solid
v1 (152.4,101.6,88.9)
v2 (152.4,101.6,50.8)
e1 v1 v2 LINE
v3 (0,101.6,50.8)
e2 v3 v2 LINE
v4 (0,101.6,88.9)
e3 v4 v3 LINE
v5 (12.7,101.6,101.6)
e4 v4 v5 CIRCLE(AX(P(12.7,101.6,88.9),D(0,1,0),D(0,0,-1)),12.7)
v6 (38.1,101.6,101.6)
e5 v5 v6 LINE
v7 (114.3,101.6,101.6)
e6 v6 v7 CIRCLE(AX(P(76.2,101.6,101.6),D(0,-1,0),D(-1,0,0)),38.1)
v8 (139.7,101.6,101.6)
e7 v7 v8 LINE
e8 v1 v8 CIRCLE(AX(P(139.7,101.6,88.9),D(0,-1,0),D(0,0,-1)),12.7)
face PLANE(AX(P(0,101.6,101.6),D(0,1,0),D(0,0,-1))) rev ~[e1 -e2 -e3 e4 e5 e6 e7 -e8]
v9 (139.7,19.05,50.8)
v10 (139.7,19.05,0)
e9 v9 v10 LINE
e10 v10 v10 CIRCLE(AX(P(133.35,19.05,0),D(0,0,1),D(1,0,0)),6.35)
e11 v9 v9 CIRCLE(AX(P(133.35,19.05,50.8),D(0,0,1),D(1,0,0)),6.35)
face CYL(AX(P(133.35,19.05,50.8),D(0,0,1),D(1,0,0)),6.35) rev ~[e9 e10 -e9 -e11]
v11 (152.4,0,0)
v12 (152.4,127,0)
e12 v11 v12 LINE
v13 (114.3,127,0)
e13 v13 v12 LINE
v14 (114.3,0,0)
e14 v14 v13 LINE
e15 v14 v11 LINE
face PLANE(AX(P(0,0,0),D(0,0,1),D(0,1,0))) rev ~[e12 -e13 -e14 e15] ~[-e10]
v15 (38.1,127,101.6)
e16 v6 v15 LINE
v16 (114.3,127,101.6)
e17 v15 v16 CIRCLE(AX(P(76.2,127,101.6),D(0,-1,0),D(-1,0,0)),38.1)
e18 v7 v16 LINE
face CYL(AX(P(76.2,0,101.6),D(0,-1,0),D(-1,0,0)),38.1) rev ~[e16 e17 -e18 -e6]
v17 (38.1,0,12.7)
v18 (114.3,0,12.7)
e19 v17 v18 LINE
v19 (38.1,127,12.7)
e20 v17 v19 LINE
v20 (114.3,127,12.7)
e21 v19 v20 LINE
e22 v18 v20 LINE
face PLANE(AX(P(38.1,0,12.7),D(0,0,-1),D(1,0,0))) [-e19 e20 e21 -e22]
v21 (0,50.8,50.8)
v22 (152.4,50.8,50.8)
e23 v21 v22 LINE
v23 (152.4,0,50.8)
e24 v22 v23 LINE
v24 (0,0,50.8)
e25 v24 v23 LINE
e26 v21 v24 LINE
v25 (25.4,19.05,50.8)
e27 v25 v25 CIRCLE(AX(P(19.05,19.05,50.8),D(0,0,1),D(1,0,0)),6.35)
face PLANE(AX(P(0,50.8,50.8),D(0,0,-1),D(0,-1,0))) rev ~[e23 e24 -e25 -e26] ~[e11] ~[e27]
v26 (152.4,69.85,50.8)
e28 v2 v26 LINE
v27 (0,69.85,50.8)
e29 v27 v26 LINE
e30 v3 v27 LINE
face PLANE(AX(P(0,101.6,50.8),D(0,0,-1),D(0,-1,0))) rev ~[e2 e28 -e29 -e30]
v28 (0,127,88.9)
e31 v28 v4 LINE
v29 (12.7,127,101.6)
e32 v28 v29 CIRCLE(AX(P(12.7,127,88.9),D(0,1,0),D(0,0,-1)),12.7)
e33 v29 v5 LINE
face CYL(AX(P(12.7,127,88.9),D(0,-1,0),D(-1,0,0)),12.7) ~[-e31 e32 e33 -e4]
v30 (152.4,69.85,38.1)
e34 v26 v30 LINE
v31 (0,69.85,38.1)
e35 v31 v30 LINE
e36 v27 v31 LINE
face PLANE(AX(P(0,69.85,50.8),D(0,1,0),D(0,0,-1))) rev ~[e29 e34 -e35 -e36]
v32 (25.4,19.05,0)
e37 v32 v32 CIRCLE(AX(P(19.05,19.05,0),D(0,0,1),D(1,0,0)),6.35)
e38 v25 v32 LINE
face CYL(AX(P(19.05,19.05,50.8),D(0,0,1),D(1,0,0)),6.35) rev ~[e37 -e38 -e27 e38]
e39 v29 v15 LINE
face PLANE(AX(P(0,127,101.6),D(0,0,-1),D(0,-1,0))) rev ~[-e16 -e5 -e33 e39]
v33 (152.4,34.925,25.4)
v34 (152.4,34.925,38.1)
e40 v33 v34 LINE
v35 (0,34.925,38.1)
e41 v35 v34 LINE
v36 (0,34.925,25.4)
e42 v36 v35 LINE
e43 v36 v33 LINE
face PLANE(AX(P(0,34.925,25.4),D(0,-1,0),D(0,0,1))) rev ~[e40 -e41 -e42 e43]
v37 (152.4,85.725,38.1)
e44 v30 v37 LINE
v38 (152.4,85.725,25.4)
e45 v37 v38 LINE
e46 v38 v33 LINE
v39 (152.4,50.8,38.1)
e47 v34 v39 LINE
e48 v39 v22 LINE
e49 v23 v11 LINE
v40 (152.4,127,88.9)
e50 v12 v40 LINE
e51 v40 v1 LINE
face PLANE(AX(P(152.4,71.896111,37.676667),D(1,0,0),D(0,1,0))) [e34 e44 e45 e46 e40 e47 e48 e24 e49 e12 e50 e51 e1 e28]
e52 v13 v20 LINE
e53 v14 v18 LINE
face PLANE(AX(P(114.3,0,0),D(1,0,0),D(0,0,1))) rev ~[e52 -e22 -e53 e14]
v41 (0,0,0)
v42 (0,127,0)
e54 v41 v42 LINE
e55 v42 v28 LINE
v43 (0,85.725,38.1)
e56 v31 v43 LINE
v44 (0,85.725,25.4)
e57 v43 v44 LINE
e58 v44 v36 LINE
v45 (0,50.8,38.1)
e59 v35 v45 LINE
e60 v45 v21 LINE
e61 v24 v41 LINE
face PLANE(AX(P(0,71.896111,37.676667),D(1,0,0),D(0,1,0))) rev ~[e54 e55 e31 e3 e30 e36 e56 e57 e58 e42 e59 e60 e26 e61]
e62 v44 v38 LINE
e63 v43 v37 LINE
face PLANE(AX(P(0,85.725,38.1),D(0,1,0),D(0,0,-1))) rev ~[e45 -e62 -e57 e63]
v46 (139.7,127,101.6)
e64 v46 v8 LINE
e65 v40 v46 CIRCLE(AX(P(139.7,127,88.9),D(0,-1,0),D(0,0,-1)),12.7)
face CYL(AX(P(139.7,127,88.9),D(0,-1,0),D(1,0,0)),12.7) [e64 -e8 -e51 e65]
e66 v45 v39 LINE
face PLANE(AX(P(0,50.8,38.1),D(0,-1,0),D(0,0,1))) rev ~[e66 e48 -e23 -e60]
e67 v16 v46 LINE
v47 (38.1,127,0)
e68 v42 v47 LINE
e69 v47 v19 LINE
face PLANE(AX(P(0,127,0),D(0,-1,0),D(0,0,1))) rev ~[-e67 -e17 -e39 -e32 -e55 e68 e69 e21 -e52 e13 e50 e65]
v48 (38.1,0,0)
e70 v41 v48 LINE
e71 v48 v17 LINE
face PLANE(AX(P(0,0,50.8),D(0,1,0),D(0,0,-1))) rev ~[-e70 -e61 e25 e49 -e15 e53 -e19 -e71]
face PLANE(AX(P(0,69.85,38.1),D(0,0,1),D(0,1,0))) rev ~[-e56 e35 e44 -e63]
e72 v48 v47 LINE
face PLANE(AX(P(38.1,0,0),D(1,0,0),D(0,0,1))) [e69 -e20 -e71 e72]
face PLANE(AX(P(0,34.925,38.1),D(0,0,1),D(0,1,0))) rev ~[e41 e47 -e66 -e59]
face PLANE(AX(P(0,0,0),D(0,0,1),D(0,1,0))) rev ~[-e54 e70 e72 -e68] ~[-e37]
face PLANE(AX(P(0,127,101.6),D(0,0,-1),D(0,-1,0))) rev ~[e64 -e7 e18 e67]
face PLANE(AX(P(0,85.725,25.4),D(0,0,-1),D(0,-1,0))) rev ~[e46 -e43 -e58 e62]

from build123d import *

# Parameters (mm, degrees)
F1_DEPTH = 152.4
F2_W     = 76.2
F2_H     = 12.7
F3_DEPTH = 152.4
F5_DEPTH = 149.225
F6_R     = 12.7
F7_R     = 6.35
F8_DEPTH = 80.645


with BuildPart() as f1:
    # F0 (on Right) → F1 (new body)
    with BuildSketch(Plane.YZ):
        Polygon((0, 50.8), (0, 0), (127, 0), (127, 101.6), (101.6, 101.6), (101.6, 50.8), (69.85, 50.8), (69.85, 38.1), (85.725, 38.1), (85.725, 25.4), (34.925, 25.4), (34.925, 38.1), (50.8, 38.1), (50.8, 50.8), align=None)
    extrude(amount=F1_DEPTH)

    # F2 (on Front) → F3 (cut)
    with BuildSketch(Plane.XZ):
        with Locations((76.2, 6.35)):
            Rectangle(F2_W, F2_H)
    extrude(amount=-F3_DEPTH, mode=Mode.SUBTRACT)

    # F4 (on Front) → F5 (cut)
    with BuildSketch(Plane.XZ):
        with BuildLine():
            ThreePointArc((38.1, 101.6), (76.2, 63.5), (114.3, 101.6))
            Line((114.3, 101.6), (38.1, 101.6))
        make_face()
    extrude(amount=-F5_DEPTH, mode=Mode.SUBTRACT)

    # F6
    f6_edges = [f1.edges().sort_by_distance(p)[0] for p in [
        (152.4, 114.3, 101.6),
        (0, 114.3, 101.6),
    ]]
    fillet(f6_edges, radius=F6_R)

    # F7 (on face) → F8 (cut)
    with BuildSketch(Plane.XY.offset(50.8)):
        with Locations((19.05, 19.05)):
            Circle(F7_R)
        with Locations((133.35, 19.05)):
            Circle(F7_R)
    extrude(amount=-F8_DEPTH, mode=Mode.SUBTRACT)


solid = f1.part
